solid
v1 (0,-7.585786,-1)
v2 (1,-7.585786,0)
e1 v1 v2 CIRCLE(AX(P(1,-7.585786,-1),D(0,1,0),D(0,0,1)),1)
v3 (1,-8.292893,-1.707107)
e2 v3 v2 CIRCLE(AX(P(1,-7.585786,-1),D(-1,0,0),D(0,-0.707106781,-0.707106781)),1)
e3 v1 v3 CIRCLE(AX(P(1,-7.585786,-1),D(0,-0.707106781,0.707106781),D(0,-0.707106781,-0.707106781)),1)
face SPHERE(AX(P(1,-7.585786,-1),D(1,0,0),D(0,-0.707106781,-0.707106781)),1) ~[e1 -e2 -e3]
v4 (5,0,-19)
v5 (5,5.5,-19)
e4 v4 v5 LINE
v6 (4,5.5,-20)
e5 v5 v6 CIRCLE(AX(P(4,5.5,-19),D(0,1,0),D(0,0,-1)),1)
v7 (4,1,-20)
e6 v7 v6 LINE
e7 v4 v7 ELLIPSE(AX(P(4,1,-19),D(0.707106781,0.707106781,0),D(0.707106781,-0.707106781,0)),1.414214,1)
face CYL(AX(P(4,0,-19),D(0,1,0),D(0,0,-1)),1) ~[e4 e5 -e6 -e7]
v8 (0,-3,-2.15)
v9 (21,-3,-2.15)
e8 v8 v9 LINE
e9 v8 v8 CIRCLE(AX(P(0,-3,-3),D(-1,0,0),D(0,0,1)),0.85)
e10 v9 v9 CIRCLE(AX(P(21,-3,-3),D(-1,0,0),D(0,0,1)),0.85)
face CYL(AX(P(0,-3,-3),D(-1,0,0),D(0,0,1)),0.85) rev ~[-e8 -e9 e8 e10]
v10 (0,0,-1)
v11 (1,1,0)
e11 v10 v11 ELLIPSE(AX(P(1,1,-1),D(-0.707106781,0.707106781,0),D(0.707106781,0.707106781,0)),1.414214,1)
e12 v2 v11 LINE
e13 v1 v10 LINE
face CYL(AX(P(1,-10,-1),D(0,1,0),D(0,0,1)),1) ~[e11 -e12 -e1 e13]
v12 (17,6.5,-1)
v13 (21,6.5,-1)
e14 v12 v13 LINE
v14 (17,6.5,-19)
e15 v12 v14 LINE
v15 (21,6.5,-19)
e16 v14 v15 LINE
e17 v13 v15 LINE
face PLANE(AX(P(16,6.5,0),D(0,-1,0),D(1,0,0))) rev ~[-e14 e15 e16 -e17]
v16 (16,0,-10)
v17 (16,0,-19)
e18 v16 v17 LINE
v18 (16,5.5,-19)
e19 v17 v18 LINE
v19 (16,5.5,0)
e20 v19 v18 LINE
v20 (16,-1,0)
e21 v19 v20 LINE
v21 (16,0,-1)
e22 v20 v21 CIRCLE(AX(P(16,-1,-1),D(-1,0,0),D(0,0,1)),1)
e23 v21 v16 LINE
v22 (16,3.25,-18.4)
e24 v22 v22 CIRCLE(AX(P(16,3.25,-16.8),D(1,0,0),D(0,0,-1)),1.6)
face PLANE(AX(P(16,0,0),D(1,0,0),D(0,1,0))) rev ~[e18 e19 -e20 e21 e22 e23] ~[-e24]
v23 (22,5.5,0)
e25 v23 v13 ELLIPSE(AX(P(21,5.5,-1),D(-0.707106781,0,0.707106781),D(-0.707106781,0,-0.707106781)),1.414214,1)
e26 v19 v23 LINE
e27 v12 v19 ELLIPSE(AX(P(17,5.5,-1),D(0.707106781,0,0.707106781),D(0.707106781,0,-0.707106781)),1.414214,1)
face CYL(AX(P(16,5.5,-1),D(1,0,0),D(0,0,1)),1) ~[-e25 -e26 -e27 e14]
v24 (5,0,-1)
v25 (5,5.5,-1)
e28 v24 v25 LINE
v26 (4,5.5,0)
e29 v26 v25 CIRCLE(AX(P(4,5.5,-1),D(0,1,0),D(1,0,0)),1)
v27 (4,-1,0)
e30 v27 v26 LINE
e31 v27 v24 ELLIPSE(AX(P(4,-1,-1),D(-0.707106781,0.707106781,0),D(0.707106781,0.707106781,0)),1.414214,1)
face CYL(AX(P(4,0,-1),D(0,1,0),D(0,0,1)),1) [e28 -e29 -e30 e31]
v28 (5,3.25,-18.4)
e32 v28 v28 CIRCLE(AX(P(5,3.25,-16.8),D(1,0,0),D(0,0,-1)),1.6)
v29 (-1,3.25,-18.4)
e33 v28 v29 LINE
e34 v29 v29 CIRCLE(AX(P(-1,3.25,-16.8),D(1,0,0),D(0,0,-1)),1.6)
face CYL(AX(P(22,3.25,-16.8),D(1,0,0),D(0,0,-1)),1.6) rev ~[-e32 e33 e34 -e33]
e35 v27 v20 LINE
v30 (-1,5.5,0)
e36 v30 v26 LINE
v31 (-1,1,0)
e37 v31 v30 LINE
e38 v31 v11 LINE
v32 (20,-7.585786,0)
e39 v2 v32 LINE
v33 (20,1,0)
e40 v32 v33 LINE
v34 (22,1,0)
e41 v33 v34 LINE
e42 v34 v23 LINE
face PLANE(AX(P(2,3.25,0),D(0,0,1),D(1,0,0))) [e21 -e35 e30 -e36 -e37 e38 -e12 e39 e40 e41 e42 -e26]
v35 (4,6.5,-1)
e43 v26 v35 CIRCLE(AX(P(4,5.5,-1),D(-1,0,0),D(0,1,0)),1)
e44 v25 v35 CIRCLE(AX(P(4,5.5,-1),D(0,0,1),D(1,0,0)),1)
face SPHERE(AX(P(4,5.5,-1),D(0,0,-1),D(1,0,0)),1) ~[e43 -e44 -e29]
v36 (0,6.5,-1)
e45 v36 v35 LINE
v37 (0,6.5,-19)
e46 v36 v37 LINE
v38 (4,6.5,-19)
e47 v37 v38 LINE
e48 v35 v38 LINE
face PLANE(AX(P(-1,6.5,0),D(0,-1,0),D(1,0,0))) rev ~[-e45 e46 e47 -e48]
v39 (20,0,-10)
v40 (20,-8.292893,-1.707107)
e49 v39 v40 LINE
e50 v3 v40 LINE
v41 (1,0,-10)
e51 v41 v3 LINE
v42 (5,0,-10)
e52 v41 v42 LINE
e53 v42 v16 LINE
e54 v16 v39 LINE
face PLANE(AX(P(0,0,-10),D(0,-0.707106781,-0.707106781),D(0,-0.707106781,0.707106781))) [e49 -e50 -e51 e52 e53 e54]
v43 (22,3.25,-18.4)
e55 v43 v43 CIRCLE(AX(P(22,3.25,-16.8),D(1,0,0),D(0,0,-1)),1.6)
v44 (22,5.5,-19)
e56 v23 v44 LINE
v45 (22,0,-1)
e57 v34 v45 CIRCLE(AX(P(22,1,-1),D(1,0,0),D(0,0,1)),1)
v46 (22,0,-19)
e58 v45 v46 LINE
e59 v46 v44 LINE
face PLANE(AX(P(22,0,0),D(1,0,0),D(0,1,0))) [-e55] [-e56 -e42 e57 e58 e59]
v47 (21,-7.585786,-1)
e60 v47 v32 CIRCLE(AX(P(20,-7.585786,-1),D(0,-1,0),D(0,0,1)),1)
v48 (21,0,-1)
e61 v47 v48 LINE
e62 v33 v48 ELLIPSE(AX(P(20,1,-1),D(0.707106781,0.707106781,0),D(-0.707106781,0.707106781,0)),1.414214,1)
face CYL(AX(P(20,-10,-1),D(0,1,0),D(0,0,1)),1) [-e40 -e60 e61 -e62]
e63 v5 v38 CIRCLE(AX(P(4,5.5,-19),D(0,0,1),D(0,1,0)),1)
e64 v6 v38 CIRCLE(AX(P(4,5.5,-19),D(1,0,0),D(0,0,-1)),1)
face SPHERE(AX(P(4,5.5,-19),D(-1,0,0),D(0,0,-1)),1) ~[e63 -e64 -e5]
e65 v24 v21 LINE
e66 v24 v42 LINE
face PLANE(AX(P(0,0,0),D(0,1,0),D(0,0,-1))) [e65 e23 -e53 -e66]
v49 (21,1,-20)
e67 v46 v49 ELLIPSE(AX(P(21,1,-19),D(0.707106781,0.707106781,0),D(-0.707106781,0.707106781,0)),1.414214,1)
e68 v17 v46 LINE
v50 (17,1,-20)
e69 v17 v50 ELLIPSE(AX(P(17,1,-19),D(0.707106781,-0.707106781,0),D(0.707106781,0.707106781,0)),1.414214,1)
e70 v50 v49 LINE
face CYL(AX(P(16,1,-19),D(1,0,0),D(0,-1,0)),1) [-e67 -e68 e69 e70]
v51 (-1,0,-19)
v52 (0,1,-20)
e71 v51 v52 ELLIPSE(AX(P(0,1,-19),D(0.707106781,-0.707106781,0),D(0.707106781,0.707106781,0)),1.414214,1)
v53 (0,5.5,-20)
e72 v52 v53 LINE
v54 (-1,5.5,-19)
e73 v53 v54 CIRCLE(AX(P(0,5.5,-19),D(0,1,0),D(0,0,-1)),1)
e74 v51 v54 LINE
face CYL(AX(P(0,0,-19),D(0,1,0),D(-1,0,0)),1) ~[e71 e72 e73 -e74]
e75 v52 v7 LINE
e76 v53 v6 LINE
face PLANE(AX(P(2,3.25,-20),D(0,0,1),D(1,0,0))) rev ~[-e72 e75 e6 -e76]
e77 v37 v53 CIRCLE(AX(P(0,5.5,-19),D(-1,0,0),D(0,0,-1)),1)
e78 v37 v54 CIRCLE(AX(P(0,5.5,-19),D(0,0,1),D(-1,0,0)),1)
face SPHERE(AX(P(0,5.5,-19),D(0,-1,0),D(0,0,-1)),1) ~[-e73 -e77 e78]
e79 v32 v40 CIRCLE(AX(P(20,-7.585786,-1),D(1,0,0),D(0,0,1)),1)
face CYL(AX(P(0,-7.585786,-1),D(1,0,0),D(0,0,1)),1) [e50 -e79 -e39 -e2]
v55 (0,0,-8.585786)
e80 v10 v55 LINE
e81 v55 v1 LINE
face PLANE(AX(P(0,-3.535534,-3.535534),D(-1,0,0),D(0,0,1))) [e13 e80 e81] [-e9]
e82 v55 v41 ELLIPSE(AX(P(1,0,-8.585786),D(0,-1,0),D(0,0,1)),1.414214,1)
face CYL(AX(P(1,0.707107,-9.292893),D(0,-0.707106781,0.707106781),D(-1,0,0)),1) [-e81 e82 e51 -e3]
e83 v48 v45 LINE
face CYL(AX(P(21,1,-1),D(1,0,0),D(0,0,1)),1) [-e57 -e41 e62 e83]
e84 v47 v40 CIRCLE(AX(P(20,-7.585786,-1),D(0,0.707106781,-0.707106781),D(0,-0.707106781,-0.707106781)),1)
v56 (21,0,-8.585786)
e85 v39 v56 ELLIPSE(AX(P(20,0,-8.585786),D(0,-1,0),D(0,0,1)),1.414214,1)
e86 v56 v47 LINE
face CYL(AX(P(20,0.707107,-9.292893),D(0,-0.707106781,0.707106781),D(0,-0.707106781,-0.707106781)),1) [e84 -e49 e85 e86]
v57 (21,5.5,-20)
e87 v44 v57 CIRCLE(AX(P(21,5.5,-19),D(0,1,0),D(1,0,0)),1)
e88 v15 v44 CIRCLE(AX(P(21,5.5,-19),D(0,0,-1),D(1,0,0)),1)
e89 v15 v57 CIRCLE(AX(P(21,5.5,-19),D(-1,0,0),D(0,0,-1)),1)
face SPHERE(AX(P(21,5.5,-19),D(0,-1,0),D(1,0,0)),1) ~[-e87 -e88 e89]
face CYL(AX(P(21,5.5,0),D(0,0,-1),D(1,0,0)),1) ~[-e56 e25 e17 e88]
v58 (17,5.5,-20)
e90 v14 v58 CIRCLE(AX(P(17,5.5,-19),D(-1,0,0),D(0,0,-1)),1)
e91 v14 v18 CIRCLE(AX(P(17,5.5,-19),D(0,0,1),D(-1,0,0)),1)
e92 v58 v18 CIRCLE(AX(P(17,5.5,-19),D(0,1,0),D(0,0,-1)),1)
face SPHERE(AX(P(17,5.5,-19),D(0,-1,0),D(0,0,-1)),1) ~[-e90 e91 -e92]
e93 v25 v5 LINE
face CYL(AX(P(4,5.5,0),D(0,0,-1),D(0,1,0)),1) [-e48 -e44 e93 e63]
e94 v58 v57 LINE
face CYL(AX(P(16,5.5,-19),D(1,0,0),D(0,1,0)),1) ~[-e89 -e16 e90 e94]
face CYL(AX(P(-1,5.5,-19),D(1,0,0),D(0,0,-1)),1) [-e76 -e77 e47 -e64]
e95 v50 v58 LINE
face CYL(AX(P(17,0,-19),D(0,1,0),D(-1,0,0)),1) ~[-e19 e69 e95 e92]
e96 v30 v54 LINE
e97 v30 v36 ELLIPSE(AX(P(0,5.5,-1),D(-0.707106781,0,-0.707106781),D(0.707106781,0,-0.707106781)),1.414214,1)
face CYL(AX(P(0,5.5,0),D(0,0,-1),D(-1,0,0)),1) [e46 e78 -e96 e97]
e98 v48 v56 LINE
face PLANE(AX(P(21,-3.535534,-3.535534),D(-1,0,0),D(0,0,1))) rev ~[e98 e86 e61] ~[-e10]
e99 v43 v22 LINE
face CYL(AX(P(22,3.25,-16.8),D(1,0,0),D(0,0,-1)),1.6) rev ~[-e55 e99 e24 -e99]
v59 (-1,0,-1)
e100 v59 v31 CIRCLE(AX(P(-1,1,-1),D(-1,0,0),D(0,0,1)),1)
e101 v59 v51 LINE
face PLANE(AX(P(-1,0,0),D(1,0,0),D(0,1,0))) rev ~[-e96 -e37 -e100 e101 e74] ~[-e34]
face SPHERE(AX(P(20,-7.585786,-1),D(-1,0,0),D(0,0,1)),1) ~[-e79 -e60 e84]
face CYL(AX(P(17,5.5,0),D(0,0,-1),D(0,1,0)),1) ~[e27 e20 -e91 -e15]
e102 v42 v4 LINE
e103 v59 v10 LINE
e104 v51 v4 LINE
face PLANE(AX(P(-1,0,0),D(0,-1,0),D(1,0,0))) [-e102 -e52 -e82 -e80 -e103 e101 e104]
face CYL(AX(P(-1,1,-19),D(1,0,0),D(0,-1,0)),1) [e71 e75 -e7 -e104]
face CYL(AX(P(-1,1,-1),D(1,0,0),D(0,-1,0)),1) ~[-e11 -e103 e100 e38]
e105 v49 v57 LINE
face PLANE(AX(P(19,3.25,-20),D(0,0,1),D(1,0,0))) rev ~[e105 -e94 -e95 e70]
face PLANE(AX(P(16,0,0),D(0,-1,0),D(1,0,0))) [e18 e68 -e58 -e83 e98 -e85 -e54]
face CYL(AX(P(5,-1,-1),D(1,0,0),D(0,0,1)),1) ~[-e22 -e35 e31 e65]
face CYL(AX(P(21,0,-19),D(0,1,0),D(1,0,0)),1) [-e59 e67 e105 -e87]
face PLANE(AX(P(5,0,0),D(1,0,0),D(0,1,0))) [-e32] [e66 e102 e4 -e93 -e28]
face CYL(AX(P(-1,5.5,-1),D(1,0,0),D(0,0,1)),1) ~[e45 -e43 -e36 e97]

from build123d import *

# Parameters (mm, degrees)
BODY_DEPTH          = 21
SKETCH2_R           = 0.85
BOLT_HOLE_DEPTH     = 22
SKETCH3_W           = 6
SKETCH3_H           = 6.5
BOSS_EXTRUDE1_DEPTH = 20
SKETCH4_R           = 1.6
CUT_EXTRUDE1_DEPTH  = 24
EDGE_FILLETS_R      = 1


with BuildPart() as part:
    # Sketch1 → body (new body)
    with BuildSketch(Plane(origin=(0, 0, 0), x_dir=(0, 0, -1), z_dir=(1, 0, 0))):
        Polygon((0, 0), (10, 0), (0, -10), align=None)
    extrude(amount=BODY_DEPTH)

    # Sketch2 → bolt_hole (cut, through all)
    with BuildSketch(Plane.ZY):
        with Locations((-3, -3)):
            Circle(SKETCH2_R)
    extrude(amount=-BOLT_HOLE_DEPTH, mode=Mode.SUBTRACT)

    # Sketch3 → Boss-Extrude1 (add)
    with BuildSketch(Plane.XY):
        with Locations((2, 3.25)):
            Rectangle(SKETCH3_W, SKETCH3_H)
        with Locations((19, 3.25)):
            Rectangle(SKETCH3_W, SKETCH3_H)
    extrude(amount=-BOSS_EXTRUDE1_DEPTH)

    # Sketch4 → Cut-Extrude1 (cut, through all)
    with BuildSketch(Plane(origin=(22, 0, 0), x_dir=(0, 0, -1), z_dir=(1, 0, 0))):
        with Locations((16.8, 3.25)):
            Circle(SKETCH4_R)
    extrude(amount=-CUT_EXTRUDE1_DEPTH, mode=Mode.SUBTRACT)

    # edge_fillets
    edge_fillets_edges = [part.edges().sort_by_distance(p)[0] for p in [
        (21, -5, 0),
        (21, -5, -5),
        (2, 0, -20),
        (-1, 3.25, -20),
        (2, 6.5, -20),
        (-1, 6.5, -10),
        (5, 3.25, -20),
        (5, 6.5, -10),
        (-0.5, 0, 0),
        (5, 3.25, 0),
        (2, 6.5, 0),
        (10.5, 0, 0),
        (22, 3.25, -20),
        (22, 6.5, -10),
        (19, 0, -20),
        (16, 3.25, -20),
        (19, 6.5, -20),
        (16, 6.5, -10),
        (19, 6.5, 0),
        (21.5, 0, 0),
        (0, -5, -5),
        (0, -5, 0),
        (10.5, -10, 0),
    ]]
    fillet(edge_fillets_edges, radius=EDGE_FILLETS_R)


solid = part.part
